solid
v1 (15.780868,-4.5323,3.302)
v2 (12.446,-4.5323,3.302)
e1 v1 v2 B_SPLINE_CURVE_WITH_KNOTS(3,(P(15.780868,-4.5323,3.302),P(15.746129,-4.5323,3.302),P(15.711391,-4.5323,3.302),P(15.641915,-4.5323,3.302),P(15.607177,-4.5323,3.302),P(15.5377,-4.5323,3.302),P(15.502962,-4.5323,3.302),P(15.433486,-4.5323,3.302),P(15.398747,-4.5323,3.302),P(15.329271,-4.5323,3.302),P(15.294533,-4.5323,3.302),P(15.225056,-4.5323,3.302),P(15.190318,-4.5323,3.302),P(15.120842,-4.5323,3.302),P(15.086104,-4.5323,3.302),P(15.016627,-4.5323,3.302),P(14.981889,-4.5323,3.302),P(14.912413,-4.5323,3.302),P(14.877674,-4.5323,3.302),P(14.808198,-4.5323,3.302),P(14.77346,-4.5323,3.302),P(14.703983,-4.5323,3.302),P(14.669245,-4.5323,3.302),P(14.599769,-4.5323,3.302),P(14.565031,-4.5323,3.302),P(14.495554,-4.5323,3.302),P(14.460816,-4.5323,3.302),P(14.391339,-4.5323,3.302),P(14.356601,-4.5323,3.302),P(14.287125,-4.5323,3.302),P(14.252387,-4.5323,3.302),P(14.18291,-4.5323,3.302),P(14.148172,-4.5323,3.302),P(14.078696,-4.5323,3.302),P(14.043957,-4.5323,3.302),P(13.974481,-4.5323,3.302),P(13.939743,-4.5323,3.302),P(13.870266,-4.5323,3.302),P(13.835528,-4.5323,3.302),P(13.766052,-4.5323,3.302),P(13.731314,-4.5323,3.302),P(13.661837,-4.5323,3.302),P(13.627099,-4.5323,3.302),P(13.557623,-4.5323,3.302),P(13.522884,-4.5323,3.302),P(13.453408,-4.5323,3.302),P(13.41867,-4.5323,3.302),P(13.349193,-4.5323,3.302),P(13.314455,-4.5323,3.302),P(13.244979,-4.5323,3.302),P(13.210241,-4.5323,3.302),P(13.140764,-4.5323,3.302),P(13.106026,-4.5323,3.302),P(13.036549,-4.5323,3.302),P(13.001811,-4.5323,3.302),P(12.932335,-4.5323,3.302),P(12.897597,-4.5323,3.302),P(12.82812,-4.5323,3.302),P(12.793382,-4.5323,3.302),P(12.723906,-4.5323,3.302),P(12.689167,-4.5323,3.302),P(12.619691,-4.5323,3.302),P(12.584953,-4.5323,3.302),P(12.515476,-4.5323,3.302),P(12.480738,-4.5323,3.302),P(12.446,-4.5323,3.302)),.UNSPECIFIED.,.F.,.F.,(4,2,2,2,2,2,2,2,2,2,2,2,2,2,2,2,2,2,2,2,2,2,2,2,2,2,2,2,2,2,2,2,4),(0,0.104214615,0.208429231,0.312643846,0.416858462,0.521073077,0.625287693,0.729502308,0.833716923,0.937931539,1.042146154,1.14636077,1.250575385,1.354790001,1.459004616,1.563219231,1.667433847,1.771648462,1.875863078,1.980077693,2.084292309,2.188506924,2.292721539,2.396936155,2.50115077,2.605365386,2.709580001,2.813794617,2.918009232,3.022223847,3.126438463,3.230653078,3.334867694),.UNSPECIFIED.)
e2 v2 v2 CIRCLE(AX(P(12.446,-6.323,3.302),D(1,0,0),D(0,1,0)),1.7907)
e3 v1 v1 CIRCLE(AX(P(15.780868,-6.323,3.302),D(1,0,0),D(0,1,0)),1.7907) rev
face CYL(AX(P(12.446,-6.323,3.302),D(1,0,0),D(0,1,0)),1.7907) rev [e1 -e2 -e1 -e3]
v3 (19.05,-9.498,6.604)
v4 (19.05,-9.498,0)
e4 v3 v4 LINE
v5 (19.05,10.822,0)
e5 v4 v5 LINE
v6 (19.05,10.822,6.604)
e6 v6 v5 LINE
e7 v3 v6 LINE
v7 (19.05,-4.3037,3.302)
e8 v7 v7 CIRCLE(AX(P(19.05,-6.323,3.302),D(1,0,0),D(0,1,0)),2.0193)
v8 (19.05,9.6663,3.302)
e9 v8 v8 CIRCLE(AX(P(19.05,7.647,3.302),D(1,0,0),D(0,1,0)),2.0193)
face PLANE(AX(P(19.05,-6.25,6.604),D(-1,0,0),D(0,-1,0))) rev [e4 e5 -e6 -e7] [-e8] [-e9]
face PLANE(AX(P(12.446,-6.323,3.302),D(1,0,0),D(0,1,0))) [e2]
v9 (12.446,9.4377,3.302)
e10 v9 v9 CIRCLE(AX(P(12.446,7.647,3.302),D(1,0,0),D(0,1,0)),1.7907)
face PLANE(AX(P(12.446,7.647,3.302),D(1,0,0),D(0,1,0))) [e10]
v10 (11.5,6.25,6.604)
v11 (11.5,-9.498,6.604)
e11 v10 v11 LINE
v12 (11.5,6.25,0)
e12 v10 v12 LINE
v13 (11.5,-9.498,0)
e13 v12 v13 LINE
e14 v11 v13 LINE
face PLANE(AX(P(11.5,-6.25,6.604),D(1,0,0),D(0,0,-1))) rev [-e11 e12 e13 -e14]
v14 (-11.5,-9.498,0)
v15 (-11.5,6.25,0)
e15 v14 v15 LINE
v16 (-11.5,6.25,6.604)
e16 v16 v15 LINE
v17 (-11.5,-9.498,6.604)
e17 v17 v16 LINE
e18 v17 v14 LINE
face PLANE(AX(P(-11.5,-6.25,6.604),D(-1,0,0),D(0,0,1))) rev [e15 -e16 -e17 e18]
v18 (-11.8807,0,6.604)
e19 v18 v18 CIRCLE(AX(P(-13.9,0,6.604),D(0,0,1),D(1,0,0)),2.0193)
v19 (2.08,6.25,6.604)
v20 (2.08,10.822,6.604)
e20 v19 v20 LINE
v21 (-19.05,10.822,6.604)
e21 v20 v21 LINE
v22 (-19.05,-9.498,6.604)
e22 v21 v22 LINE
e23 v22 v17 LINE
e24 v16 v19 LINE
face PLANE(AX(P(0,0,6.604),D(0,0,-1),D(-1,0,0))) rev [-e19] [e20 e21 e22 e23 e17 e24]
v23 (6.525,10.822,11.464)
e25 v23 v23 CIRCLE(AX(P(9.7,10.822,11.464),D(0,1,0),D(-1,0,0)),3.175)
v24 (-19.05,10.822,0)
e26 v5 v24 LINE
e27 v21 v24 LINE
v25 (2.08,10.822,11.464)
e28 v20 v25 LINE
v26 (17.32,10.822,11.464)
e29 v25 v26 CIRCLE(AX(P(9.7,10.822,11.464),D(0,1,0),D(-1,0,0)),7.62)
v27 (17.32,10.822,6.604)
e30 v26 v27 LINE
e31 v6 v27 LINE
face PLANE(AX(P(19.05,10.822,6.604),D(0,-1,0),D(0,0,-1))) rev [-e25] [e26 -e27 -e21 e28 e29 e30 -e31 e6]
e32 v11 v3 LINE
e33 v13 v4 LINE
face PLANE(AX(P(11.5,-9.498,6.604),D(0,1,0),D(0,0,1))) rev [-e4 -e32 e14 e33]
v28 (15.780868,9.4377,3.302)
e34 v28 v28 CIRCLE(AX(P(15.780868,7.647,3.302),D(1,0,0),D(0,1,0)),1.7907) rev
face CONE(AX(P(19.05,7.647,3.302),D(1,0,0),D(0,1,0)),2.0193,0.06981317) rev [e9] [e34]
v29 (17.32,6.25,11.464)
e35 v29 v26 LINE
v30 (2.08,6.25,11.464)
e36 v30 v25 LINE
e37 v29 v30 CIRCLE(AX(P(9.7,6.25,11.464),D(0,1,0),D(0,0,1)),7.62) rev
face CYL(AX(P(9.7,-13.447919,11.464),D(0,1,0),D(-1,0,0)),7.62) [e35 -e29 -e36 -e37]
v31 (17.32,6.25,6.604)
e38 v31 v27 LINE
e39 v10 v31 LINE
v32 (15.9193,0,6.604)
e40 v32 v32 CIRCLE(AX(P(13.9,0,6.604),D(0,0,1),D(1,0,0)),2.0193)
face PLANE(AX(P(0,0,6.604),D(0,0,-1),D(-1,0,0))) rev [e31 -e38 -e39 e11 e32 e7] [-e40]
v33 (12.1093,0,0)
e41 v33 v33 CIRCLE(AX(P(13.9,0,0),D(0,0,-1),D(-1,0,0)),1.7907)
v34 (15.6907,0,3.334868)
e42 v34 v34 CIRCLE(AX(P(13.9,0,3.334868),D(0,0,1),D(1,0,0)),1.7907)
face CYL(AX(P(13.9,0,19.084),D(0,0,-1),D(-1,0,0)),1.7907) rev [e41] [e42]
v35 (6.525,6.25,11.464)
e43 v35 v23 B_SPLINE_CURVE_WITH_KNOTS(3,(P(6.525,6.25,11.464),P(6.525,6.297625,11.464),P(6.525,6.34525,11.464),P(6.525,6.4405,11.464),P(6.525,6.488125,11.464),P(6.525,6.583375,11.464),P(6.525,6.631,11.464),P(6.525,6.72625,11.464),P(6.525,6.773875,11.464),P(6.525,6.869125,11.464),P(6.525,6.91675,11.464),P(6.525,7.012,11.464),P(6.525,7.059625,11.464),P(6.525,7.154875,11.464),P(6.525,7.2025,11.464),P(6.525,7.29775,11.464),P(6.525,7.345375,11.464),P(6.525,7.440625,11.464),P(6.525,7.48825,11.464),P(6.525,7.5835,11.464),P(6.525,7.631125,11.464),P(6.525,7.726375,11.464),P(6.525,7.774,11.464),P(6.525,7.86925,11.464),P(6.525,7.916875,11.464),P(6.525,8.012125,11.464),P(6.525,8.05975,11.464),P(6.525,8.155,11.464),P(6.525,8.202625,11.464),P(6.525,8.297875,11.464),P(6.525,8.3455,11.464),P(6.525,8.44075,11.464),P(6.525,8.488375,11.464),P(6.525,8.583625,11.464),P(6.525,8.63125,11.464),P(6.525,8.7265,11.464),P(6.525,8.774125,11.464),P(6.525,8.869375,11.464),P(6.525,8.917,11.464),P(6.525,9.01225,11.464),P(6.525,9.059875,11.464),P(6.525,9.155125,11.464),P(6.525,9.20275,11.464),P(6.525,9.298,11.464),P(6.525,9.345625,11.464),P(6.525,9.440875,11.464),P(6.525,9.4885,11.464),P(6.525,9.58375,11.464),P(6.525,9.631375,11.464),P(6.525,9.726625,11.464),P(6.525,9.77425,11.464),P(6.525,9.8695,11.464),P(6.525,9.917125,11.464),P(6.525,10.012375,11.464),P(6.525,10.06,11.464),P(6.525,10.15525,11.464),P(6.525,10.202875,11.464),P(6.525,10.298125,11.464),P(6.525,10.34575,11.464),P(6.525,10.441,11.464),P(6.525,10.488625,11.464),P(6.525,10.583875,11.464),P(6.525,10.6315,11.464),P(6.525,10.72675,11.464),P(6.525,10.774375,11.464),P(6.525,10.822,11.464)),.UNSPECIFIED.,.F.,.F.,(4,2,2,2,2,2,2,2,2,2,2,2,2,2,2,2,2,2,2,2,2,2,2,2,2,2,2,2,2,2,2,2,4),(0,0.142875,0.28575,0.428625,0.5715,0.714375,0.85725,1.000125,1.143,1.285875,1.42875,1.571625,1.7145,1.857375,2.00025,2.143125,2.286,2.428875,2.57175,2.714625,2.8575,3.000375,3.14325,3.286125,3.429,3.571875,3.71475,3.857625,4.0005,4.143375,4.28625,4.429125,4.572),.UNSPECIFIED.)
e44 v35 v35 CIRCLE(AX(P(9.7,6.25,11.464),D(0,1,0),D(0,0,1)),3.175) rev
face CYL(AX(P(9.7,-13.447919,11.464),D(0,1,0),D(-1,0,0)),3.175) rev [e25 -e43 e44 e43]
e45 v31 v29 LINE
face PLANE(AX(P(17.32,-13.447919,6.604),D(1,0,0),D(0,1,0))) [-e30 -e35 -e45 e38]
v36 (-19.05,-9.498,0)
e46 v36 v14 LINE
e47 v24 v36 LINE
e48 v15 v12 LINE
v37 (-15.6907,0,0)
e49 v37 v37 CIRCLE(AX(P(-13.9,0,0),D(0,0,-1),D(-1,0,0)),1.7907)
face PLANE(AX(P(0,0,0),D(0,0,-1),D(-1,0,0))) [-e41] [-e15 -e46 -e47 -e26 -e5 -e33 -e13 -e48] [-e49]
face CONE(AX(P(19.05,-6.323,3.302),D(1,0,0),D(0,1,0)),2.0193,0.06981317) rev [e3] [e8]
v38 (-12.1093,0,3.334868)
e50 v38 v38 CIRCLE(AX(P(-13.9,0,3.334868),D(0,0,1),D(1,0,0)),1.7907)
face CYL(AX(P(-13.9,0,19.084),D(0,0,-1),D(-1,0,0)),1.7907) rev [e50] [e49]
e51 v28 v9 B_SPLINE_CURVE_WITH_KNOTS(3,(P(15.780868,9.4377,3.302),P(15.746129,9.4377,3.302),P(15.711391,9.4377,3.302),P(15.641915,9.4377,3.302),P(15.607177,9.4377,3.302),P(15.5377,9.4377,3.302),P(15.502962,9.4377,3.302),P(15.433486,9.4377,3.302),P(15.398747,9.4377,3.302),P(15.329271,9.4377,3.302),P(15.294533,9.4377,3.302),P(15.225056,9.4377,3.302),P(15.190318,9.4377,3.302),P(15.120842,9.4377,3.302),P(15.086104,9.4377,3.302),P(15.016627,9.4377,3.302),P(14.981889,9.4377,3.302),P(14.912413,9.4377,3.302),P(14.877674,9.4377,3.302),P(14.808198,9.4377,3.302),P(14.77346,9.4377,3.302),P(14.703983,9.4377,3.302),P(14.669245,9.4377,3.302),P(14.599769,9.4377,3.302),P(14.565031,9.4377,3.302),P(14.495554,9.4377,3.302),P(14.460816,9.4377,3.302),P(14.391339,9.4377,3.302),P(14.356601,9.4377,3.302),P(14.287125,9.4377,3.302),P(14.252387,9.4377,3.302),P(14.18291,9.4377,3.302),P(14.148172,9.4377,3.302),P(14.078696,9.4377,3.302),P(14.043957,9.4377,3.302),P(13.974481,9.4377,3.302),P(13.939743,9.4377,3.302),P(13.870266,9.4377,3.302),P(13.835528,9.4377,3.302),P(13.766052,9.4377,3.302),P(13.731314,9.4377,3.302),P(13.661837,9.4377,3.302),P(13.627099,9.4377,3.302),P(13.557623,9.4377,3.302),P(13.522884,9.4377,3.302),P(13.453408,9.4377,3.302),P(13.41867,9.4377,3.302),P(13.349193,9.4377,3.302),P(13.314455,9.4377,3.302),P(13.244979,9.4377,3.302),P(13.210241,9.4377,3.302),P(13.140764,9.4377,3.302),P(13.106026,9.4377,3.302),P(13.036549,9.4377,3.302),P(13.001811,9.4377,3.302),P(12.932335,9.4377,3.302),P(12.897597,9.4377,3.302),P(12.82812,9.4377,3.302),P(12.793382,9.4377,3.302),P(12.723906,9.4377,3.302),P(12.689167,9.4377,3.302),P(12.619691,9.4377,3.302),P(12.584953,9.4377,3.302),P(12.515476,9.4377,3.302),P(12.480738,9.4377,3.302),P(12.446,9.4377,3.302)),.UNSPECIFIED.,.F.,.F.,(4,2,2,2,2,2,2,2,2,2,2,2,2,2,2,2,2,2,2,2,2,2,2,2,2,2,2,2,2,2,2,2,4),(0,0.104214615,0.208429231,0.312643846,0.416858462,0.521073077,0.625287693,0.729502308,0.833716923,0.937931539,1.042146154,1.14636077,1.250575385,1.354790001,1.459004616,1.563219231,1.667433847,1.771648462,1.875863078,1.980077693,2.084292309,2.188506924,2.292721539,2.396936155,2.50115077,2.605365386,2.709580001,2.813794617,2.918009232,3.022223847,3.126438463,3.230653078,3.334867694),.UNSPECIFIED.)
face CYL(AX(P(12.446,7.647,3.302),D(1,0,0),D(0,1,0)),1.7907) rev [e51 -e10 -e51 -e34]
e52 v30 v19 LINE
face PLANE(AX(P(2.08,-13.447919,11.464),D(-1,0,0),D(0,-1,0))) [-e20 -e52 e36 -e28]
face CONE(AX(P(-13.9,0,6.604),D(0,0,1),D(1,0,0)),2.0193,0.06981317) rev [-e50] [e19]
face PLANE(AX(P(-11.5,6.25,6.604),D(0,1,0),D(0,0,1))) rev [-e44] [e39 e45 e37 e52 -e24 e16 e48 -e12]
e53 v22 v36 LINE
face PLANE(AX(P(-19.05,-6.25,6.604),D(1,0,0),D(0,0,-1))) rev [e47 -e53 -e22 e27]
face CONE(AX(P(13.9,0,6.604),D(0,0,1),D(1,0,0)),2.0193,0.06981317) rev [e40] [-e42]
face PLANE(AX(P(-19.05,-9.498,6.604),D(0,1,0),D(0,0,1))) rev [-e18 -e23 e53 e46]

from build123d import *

# Parameters (mm, degrees)
BOSS_EXTRUDE1_DEPTH          = 6.604
SKETCH2_R                    = 3.175
BOSS_EXTRUDE2_DEPTH          = 4.572
SKETCH3_R                    = 1.7907
CUT_EXTRUDE1_DEPTH           = 30.055416707
SKETCH4_R                    = 2.0193
CUT_EXTRUDE2_DEPTH           = 26.214451888
CUT_EXTRUDE2_DRAFT           = -4
CUT_EXTRUDE2_PROFILE_2_DEPTH = 26.214451888
CUT_EXTRUDE2_PROFILE_2_DRAFT = -4
SKETCH5_R                    = 1.7907
CUT_EXTRUDE3_DEPTH           = 6.604
SKETCH6_R                    = 2.0193
CUT_EXTRUDE4_DEPTH           = 6.604
CUT_EXTRUDE4_DRAFT           = -4
CUT_EXTRUDE4_PROFILE_2_DEPTH = 6.604
CUT_EXTRUDE4_PROFILE_2_DRAFT = -4


with BuildPart() as part:
    # Sketch1 → Boss-Extrude1 (new body)
    with BuildSketch(Plane.XY):
        Polygon((-11.5, -6.25), (-11.5, 6.25), (11.5, 6.25), (11.5, -6.25), (11.5, -9.498), (19.05, -9.498), (19.05, -6.25), (19.05, 10.822), (-19.05, 10.822), (-19.05, -6.25), (-19.05, -9.498), (-11.5, -9.498), align=None)
    extrude(amount=BOSS_EXTRUDE1_DEPTH)

    # Sketch2 → Boss-Extrude2 (add)
    with BuildSketch(Plane(origin=(0, 10.822, 0), x_dir=(1, 0, 0), z_dir=(0, 1, 0))):
        with BuildLine():
            Line((2.08, -11.464), (2.08, -6.604))
            Line((2.08, -6.604), (17.32, -6.604))
            Line((17.32, -6.604), (17.32, -11.464))
            ThreePointArc((17.32, -11.464), (9.7, -19.084), (2.08, -11.464))
        make_face()
        with Locations(Location((9.7, -11.464, 0), (0, 0, 180))):
            Circle(SKETCH2_R, mode=Mode.SUBTRACT)
    extrude(amount=-BOSS_EXTRUDE2_DEPTH)

    # Sketch3 → Cut-Extrude1 (cut, through all)
    with BuildSketch(Plane(origin=(0, 0, 0), x_dir=(-1, 0, 0), z_dir=(0, 0, -1))):
        with Locations((13.9, 0)):
            Circle(SKETCH3_R)
        with Locations((-13.9, 0)):
            Circle(SKETCH3_R)
    extrude(amount=-CUT_EXTRUDE1_DEPTH, mode=Mode.SUBTRACT)


with BuildPart() as cut_extrude2_tool:
    # Sketch4 → Cut-Extrude2 (with draft: the straight prism first)
    with BuildSketch(Plane.XY.offset(6.604)):
        with Locations((-13.9, 0)):
            Circle(SKETCH4_R)
    extrude(amount=-CUT_EXTRUDE2_DEPTH)
    # Cut-Extrude2: the draft: its side faces are tilted about the plane it starts from
    cut_extrude2_sides = [cut_extrude2_tool.faces().sort_by_distance(p)[0] for p in [
        (-15.9193, 0, -6.503225944),
    ]]
    draft(cut_extrude2_sides, Plane.XY.offset(6.604), CUT_EXTRUDE2_DRAFT)


with BuildPart() as part_1:
    add(part.part)

    # Cut-Extrude2: cut by cut_extrude2_tool
    add(cut_extrude2_tool.part, mode=Mode.SUBTRACT)


with BuildPart() as cut_extrude2_profile_2_tool:
    # Sketch4 → Cut-Extrude2 profile 2 (with draft: the straight prism first)
    with BuildSketch(Plane.XY.offset(6.604)):
        with Locations((13.9, 0)):
            Circle(SKETCH4_R)
    extrude(amount=-CUT_EXTRUDE2_PROFILE_2_DEPTH)
    # Cut-Extrude2 profile 2: the draft: its side faces are tilted about the plane it starts from
    cut_extrude2_profile_2_sides = [cut_extrude2_profile_2_tool.faces().sort_by_distance(p)[0] for p in [
        (11.8807, 0, -6.503225944),
    ]]
    draft(cut_extrude2_profile_2_sides, Plane.XY.offset(6.604), CUT_EXTRUDE2_PROFILE_2_DRAFT)


with BuildPart() as part_2:
    add(part_1.part)

    # Cut-Extrude2 profile 2: cut by cut_extrude2_profile_2_tool
    add(cut_extrude2_profile_2_tool.part, mode=Mode.SUBTRACT)

    # Sketch5 → Cut-Extrude3 (cut)
    with BuildSketch(Plane(origin=(19.05, 0, 0), x_dir=(0, 0, -1), z_dir=(1, 0, 0))):
        with Locations(Location((-3.302, 7.647, 0), (0, 0, 90))):
            Circle(SKETCH5_R)
        with Locations(Location((-3.302, -6.323, 0), (0, 0, 90))):
            Circle(SKETCH5_R)
    extrude(amount=-CUT_EXTRUDE3_DEPTH, mode=Mode.SUBTRACT)


with BuildPart() as cut_extrude4_tool:
    # Sketch6 → Cut-Extrude4 (with draft: the straight prism first)
    with BuildSketch(Plane(origin=(19.05, 0, 0), x_dir=(0, 0, -1), z_dir=(1, 0, 0))):
        with Locations((-3.302, 7.647)):
            Circle(SKETCH6_R)
    extrude(amount=-CUT_EXTRUDE4_DEPTH)
    # Cut-Extrude4: the draft: its side faces are tilted about the plane it starts from
    cut_extrude4_sides = [cut_extrude4_tool.faces().sort_by_distance(p)[0] for p in [
        (15.748, 7.647, 5.3213),
    ]]
    draft(cut_extrude4_sides, Plane(origin=(19.05, 0, 0), x_dir=(0, 0, -1), z_dir=(1, 0, 0)), CUT_EXTRUDE4_DRAFT)


with BuildPart() as part_3:
    add(part_2.part)

    # Cut-Extrude4: cut by cut_extrude4_tool
    add(cut_extrude4_tool.part, mode=Mode.SUBTRACT)


with BuildPart() as cut_extrude4_profile_2_tool:
    # Sketch6 → Cut-Extrude4 profile 2 (with draft: the straight prism first)
    with BuildSketch(Plane(origin=(19.05, 0, 0), x_dir=(0, 0, -1), z_dir=(1, 0, 0))):
        with Locations((-3.302, -6.323)):
            Circle(SKETCH6_R)
    extrude(amount=-CUT_EXTRUDE4_PROFILE_2_DEPTH)
    # Cut-Extrude4 profile 2: the draft: its side faces are tilted about the plane it starts from
    cut_extrude4_profile_2_sides = [cut_extrude4_profile_2_tool.faces().sort_by_distance(p)[0] for p in [
        (15.748, -6.323, 5.3213),
    ]]
    draft(cut_extrude4_profile_2_sides, Plane(origin=(19.05, 0, 0), x_dir=(0, 0, -1), z_dir=(1, 0, 0)), CUT_EXTRUDE4_PROFILE_2_DRAFT)


with BuildPart() as part_4:
    add(part_3.part)

    # Cut-Extrude4 profile 2: cut by cut_extrude4_profile_2_tool
    add(cut_extrude4_profile_2_tool.part, mode=Mode.SUBTRACT)


solid = part_4.part
